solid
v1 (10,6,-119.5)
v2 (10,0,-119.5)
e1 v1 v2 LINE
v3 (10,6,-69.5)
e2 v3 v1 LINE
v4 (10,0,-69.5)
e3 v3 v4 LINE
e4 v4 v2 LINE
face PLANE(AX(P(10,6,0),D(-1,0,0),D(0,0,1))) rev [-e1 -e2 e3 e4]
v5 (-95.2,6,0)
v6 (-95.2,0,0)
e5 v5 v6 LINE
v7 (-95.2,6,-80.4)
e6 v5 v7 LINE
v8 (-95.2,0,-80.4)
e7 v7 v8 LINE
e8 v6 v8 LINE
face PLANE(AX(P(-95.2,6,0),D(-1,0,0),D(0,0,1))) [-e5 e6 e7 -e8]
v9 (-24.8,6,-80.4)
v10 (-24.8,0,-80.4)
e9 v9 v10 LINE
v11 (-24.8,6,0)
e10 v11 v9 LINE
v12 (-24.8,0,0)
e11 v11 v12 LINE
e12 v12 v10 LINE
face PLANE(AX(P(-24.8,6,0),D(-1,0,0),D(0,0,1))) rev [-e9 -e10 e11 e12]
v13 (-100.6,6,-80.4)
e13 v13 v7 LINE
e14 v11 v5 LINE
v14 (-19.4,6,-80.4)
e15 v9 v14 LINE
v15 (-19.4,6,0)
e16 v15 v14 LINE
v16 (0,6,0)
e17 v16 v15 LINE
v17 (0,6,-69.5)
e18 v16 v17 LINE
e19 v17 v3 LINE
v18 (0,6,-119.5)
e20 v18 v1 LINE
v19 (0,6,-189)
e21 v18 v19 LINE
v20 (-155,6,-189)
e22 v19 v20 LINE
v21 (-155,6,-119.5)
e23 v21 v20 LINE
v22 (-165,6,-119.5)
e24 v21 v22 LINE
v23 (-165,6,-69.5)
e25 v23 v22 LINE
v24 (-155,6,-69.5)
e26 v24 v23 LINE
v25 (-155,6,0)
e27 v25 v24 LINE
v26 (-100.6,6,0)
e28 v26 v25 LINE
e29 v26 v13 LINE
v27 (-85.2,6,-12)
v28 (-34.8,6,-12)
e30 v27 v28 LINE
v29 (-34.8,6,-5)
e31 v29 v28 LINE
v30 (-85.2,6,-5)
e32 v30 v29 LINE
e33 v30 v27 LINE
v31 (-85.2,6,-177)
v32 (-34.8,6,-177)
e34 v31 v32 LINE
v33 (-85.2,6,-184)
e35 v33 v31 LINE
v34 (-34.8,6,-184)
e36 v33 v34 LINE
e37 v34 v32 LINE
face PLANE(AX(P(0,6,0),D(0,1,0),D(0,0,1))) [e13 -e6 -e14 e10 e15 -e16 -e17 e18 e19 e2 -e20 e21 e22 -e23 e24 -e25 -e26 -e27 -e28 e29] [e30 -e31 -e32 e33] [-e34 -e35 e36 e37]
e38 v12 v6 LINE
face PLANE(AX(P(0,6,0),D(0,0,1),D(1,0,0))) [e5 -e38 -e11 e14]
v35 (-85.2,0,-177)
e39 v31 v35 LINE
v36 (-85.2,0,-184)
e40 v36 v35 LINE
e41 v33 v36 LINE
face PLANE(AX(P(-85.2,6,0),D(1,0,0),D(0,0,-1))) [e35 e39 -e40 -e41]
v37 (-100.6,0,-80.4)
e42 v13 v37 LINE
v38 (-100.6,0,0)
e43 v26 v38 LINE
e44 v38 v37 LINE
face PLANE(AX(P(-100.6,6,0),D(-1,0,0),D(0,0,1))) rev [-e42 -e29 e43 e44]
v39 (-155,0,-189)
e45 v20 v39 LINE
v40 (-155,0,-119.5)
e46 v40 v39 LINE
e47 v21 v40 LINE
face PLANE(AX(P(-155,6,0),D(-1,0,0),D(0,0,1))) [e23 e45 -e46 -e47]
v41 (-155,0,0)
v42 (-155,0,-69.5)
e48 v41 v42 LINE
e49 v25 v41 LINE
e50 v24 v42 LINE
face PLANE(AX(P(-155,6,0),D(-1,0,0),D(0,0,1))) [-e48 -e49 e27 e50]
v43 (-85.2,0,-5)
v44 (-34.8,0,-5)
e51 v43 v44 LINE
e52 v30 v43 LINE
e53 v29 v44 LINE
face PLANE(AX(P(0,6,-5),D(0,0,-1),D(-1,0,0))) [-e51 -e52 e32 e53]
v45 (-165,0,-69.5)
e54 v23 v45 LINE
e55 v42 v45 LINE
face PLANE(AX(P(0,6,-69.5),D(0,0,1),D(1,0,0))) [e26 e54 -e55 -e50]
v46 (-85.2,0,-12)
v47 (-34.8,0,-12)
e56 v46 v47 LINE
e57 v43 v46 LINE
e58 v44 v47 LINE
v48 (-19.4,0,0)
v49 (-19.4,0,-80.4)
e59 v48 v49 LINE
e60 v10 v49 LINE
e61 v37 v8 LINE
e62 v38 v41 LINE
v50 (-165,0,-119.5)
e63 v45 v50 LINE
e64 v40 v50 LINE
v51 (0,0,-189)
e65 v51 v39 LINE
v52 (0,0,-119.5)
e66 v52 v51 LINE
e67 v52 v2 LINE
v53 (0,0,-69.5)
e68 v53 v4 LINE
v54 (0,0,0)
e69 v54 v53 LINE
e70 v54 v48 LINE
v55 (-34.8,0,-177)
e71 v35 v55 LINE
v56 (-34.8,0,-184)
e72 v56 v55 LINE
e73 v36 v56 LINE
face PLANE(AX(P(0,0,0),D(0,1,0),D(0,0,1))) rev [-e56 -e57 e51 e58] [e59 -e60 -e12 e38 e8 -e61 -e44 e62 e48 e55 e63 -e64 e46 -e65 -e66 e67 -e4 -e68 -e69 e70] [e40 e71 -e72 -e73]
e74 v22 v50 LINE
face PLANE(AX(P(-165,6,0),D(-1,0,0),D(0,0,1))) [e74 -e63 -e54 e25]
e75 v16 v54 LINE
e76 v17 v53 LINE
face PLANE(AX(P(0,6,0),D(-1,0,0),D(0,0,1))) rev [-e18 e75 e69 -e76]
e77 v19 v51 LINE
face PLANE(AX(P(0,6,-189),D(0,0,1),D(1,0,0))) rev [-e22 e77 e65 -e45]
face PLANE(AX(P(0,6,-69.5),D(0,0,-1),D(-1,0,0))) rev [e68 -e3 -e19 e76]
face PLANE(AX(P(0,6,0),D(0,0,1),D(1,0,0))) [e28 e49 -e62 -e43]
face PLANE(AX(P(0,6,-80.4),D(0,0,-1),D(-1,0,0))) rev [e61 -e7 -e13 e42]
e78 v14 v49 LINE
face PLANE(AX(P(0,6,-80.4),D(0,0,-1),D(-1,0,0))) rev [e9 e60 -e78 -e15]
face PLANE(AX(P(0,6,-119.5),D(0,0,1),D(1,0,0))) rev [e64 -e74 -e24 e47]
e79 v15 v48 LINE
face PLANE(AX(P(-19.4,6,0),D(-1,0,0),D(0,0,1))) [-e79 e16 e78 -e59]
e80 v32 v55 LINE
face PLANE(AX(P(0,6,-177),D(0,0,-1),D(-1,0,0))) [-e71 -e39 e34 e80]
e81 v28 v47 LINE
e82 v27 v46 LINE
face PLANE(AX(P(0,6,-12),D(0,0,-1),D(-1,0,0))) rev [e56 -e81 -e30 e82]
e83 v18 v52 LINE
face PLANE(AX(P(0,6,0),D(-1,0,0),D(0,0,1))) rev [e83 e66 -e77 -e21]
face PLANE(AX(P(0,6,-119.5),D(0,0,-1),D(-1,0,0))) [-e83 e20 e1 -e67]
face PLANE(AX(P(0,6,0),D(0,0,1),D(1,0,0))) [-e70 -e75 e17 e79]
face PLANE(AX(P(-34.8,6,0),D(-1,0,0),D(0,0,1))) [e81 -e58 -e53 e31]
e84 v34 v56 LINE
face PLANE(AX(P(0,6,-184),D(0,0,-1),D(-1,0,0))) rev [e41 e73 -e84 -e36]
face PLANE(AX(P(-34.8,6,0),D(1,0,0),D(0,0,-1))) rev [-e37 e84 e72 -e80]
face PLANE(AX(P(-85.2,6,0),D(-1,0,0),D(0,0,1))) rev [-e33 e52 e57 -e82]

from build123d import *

# Parameters (mm, degrees)
SKETCH1_W           = 50.4
SKETCH1_H           = 7
SKETCH1_W_2         = 10
SKETCH1_H_2         = 50
BOSS_EXTRUDE1_DEPTH = 6


with BuildPart() as part:
    # Sketch1 → Boss-Extrude1 (new body)
    with BuildSketch(Plane(origin=(0, 0, 0), x_dir=(1, 0, 0), z_dir=(0, 1, 0))):
        Polygon((-19.4, 0), (0, 0), (0, 69.5), (0, 119.5), (0, 189), (-155, 189), (-155, 119.5), (-155, 69.5), (-155, 0), (-100.6, 0), (-100.6, 80.4), (-95.2, 80.4), (-95.2, 0), (-75, 0), (-25, 0), (-24.8, 0), (-24.8, 80.4), (-19.4, 80.4), align=None)
        with Locations((-60, 8.5)):
            Rectangle(SKETCH1_W, SKETCH1_H, mode=Mode.SUBTRACT)
        with Locations((-60, 180.5)):
            Rectangle(SKETCH1_W, SKETCH1_H, mode=Mode.SUBTRACT)
        with Locations((-160, 94.5)):
            Rectangle(SKETCH1_W_2, SKETCH1_H_2)
        with Locations((5, 94.5)):
            Rectangle(SKETCH1_W_2, SKETCH1_H_2)
    extrude(amount=BOSS_EXTRUDE1_DEPTH)


solid = part.part
